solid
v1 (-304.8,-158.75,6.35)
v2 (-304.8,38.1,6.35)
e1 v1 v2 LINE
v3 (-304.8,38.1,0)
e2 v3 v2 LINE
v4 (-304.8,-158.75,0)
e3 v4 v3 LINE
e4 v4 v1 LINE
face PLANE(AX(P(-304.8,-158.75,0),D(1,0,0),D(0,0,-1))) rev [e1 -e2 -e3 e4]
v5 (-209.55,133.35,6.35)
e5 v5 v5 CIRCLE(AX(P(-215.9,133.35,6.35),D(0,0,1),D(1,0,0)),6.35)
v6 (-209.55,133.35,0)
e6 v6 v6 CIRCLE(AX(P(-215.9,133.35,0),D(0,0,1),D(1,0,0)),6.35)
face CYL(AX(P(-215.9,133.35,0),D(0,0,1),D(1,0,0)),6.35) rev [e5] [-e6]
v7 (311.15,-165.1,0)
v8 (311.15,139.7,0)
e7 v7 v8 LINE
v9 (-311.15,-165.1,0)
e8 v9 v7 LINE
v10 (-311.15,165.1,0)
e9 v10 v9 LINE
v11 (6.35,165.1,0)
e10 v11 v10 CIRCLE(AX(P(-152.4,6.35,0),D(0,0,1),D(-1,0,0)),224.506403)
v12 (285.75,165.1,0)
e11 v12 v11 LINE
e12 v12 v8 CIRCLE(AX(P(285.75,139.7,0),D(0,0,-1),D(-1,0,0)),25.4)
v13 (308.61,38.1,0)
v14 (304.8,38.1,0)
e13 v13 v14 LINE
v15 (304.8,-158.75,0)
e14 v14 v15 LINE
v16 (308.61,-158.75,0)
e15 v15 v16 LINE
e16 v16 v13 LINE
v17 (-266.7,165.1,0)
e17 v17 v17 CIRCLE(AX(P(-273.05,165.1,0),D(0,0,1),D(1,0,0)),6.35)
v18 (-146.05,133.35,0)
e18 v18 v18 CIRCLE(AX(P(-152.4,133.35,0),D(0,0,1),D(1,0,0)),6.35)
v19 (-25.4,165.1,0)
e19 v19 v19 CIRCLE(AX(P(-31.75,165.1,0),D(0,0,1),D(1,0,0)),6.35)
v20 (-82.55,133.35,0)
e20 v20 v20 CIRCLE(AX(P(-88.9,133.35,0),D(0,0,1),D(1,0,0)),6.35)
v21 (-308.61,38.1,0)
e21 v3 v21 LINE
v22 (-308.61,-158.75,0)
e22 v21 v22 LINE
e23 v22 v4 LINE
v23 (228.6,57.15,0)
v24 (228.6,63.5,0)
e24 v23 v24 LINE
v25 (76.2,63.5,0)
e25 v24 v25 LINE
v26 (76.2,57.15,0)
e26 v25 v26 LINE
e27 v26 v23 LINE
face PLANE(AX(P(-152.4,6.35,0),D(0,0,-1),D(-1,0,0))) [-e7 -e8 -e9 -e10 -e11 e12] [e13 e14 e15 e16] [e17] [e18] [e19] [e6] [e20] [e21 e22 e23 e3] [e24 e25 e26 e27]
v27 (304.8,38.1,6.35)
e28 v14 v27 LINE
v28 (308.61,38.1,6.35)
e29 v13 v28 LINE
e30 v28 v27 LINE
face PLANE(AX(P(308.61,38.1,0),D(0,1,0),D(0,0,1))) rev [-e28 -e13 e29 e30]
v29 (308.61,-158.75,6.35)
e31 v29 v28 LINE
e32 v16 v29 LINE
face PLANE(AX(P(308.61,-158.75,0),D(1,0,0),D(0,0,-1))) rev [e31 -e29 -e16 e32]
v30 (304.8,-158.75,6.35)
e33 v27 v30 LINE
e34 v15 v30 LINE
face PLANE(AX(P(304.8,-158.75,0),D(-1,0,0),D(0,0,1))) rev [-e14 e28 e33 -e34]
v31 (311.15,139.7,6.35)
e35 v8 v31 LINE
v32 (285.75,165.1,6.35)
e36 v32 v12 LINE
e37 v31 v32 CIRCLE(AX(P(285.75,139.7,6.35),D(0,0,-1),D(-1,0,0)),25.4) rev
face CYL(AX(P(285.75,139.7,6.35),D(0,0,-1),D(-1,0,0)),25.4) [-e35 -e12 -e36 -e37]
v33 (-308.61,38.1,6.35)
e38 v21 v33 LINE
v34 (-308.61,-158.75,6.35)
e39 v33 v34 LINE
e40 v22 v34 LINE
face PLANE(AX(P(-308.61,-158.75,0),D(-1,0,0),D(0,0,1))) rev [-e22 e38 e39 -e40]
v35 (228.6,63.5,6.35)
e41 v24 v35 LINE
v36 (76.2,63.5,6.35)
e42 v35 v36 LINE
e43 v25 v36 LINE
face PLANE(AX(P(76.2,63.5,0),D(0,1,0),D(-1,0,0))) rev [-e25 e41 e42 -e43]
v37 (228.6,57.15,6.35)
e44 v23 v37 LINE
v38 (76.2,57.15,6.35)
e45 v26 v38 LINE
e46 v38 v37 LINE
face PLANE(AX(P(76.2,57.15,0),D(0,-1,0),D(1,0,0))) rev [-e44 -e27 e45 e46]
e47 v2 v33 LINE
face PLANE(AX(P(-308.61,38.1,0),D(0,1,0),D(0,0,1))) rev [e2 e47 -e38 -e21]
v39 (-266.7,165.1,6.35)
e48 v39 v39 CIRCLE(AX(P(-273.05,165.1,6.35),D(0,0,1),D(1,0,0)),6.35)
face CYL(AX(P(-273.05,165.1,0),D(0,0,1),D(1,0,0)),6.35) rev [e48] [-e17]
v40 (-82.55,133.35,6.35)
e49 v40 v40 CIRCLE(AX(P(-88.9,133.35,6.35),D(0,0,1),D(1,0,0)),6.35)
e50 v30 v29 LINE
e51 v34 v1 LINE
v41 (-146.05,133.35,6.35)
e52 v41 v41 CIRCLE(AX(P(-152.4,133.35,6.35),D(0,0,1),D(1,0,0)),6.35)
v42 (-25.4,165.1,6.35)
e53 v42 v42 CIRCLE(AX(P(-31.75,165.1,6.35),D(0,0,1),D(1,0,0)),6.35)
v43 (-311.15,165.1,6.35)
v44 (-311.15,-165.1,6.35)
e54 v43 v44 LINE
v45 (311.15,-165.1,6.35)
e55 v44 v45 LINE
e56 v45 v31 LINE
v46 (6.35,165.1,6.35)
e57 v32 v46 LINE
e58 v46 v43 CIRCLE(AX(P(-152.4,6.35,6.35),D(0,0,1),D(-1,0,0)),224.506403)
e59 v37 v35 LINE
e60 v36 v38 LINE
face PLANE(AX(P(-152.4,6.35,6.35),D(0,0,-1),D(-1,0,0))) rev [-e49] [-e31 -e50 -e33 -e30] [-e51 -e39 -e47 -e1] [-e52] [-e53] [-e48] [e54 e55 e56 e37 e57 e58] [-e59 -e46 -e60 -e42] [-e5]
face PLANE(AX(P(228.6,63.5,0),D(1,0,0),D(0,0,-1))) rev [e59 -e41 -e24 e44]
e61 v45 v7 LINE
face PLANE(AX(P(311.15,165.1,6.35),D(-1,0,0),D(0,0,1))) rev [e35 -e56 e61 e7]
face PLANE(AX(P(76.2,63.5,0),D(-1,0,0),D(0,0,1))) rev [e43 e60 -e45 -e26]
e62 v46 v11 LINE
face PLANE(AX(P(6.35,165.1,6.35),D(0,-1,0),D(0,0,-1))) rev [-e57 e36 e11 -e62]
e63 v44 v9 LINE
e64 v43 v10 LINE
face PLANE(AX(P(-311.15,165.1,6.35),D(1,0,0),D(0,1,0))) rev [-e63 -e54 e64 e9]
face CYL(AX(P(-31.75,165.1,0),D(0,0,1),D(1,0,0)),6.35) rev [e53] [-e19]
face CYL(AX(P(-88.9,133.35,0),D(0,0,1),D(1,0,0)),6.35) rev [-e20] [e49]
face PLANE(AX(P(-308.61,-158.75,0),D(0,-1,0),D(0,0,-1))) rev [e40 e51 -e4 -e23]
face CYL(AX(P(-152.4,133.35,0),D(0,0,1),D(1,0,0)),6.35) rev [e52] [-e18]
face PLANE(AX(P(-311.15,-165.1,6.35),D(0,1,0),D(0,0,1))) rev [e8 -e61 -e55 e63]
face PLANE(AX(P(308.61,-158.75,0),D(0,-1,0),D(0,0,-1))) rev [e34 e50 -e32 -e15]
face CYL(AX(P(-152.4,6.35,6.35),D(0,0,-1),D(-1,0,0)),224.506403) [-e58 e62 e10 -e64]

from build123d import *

# Parameters (mm, degrees)
SALIENTE_EXTRUIR1_DEPTH = 6.35
CROQUIS2_W              = 152.4
CROQUIS2_H              = 6.35
CORTAR_EXTRUIR1_DEPTH   = 6.35
CROQUIS3_R              = 6.35
CORTAR_EXTRUIR2_DEPTH   = 6.35
CROQUIS4_R              = 6.35
CORTAR_EXTRUIR3_DEPTH   = 6.35
REDONDEO1_R             = 25.4
CROQUIS5_W              = 3.81
CROQUIS5_H              = 196.85
CORTAR_EXTRUIR4_DEPTH   = 6.35


with BuildPart() as part:
    # Croquis1 → Saliente-Extruir1 (new body)
    with BuildSketch(Plane.XY):
        with BuildLine():
            Line((6.35, 165.1), (311.15, 165.1))
            Line((311.15, 165.1), (311.15, -165.1))
            Line((311.15, -165.1), (-311.15, -165.1))
            Line((-311.15, -165.1), (-311.15, 165.1))
            ThreePointArc((-311.15, 165.1), (-152.4, 230.856403027), (6.35, 165.1))
        make_face()
    extrude(amount=SALIENTE_EXTRUIR1_DEPTH)

    # Croquis2 → Cortar-Extruir1 (cut)
    with BuildSketch(Plane.XY.offset(6.35)):
        with Locations((152.4, 60.325)):
            Rectangle(CROQUIS2_W, CROQUIS2_H)
    extrude(amount=-CORTAR_EXTRUIR1_DEPTH, mode=Mode.SUBTRACT)

    # Croquis3 → Cortar-Extruir2 (cut)
    with BuildSketch(Plane.XY.offset(6.35)):
        with Locations((-152.4, 133.35)):
            Circle(CROQUIS3_R)
        with Locations((-215.9, 133.35)):
            Circle(CROQUIS3_R)
        with Locations((-88.9, 133.35)):
            Circle(CROQUIS3_R)
    extrude(amount=-CORTAR_EXTRUIR2_DEPTH, mode=Mode.SUBTRACT)

    # Croquis4 → Cortar-Extruir3 (cut)
    with BuildSketch(Plane.XY.offset(6.35)):
        with Locations((-273.05, 165.1)):
            Circle(CROQUIS4_R)
        with Locations((-31.75, 165.1)):
            Circle(CROQUIS4_R)
    extrude(amount=-CORTAR_EXTRUIR3_DEPTH, mode=Mode.SUBTRACT)

    # Redondeo1
    redondeo1_edges = [part.edges().sort_by_distance(p)[0] for p in [
        (311.15, 165.1, 3.175),
    ]]
    fillet(redondeo1_edges, radius=REDONDEO1_R)

    # Croquis5 → Cortar-Extruir4 (cut)
    with BuildSketch(Plane.XY.offset(6.35)):
        with Locations((-306.705, -60.325)):
            Rectangle(CROQUIS5_W, CROQUIS5_H)
        with Locations((306.705, -60.325)):
            Rectangle(CROQUIS5_W, CROQUIS5_H)
    extrude(amount=-CORTAR_EXTRUIR4_DEPTH, mode=Mode.SUBTRACT)


solid = part.part
